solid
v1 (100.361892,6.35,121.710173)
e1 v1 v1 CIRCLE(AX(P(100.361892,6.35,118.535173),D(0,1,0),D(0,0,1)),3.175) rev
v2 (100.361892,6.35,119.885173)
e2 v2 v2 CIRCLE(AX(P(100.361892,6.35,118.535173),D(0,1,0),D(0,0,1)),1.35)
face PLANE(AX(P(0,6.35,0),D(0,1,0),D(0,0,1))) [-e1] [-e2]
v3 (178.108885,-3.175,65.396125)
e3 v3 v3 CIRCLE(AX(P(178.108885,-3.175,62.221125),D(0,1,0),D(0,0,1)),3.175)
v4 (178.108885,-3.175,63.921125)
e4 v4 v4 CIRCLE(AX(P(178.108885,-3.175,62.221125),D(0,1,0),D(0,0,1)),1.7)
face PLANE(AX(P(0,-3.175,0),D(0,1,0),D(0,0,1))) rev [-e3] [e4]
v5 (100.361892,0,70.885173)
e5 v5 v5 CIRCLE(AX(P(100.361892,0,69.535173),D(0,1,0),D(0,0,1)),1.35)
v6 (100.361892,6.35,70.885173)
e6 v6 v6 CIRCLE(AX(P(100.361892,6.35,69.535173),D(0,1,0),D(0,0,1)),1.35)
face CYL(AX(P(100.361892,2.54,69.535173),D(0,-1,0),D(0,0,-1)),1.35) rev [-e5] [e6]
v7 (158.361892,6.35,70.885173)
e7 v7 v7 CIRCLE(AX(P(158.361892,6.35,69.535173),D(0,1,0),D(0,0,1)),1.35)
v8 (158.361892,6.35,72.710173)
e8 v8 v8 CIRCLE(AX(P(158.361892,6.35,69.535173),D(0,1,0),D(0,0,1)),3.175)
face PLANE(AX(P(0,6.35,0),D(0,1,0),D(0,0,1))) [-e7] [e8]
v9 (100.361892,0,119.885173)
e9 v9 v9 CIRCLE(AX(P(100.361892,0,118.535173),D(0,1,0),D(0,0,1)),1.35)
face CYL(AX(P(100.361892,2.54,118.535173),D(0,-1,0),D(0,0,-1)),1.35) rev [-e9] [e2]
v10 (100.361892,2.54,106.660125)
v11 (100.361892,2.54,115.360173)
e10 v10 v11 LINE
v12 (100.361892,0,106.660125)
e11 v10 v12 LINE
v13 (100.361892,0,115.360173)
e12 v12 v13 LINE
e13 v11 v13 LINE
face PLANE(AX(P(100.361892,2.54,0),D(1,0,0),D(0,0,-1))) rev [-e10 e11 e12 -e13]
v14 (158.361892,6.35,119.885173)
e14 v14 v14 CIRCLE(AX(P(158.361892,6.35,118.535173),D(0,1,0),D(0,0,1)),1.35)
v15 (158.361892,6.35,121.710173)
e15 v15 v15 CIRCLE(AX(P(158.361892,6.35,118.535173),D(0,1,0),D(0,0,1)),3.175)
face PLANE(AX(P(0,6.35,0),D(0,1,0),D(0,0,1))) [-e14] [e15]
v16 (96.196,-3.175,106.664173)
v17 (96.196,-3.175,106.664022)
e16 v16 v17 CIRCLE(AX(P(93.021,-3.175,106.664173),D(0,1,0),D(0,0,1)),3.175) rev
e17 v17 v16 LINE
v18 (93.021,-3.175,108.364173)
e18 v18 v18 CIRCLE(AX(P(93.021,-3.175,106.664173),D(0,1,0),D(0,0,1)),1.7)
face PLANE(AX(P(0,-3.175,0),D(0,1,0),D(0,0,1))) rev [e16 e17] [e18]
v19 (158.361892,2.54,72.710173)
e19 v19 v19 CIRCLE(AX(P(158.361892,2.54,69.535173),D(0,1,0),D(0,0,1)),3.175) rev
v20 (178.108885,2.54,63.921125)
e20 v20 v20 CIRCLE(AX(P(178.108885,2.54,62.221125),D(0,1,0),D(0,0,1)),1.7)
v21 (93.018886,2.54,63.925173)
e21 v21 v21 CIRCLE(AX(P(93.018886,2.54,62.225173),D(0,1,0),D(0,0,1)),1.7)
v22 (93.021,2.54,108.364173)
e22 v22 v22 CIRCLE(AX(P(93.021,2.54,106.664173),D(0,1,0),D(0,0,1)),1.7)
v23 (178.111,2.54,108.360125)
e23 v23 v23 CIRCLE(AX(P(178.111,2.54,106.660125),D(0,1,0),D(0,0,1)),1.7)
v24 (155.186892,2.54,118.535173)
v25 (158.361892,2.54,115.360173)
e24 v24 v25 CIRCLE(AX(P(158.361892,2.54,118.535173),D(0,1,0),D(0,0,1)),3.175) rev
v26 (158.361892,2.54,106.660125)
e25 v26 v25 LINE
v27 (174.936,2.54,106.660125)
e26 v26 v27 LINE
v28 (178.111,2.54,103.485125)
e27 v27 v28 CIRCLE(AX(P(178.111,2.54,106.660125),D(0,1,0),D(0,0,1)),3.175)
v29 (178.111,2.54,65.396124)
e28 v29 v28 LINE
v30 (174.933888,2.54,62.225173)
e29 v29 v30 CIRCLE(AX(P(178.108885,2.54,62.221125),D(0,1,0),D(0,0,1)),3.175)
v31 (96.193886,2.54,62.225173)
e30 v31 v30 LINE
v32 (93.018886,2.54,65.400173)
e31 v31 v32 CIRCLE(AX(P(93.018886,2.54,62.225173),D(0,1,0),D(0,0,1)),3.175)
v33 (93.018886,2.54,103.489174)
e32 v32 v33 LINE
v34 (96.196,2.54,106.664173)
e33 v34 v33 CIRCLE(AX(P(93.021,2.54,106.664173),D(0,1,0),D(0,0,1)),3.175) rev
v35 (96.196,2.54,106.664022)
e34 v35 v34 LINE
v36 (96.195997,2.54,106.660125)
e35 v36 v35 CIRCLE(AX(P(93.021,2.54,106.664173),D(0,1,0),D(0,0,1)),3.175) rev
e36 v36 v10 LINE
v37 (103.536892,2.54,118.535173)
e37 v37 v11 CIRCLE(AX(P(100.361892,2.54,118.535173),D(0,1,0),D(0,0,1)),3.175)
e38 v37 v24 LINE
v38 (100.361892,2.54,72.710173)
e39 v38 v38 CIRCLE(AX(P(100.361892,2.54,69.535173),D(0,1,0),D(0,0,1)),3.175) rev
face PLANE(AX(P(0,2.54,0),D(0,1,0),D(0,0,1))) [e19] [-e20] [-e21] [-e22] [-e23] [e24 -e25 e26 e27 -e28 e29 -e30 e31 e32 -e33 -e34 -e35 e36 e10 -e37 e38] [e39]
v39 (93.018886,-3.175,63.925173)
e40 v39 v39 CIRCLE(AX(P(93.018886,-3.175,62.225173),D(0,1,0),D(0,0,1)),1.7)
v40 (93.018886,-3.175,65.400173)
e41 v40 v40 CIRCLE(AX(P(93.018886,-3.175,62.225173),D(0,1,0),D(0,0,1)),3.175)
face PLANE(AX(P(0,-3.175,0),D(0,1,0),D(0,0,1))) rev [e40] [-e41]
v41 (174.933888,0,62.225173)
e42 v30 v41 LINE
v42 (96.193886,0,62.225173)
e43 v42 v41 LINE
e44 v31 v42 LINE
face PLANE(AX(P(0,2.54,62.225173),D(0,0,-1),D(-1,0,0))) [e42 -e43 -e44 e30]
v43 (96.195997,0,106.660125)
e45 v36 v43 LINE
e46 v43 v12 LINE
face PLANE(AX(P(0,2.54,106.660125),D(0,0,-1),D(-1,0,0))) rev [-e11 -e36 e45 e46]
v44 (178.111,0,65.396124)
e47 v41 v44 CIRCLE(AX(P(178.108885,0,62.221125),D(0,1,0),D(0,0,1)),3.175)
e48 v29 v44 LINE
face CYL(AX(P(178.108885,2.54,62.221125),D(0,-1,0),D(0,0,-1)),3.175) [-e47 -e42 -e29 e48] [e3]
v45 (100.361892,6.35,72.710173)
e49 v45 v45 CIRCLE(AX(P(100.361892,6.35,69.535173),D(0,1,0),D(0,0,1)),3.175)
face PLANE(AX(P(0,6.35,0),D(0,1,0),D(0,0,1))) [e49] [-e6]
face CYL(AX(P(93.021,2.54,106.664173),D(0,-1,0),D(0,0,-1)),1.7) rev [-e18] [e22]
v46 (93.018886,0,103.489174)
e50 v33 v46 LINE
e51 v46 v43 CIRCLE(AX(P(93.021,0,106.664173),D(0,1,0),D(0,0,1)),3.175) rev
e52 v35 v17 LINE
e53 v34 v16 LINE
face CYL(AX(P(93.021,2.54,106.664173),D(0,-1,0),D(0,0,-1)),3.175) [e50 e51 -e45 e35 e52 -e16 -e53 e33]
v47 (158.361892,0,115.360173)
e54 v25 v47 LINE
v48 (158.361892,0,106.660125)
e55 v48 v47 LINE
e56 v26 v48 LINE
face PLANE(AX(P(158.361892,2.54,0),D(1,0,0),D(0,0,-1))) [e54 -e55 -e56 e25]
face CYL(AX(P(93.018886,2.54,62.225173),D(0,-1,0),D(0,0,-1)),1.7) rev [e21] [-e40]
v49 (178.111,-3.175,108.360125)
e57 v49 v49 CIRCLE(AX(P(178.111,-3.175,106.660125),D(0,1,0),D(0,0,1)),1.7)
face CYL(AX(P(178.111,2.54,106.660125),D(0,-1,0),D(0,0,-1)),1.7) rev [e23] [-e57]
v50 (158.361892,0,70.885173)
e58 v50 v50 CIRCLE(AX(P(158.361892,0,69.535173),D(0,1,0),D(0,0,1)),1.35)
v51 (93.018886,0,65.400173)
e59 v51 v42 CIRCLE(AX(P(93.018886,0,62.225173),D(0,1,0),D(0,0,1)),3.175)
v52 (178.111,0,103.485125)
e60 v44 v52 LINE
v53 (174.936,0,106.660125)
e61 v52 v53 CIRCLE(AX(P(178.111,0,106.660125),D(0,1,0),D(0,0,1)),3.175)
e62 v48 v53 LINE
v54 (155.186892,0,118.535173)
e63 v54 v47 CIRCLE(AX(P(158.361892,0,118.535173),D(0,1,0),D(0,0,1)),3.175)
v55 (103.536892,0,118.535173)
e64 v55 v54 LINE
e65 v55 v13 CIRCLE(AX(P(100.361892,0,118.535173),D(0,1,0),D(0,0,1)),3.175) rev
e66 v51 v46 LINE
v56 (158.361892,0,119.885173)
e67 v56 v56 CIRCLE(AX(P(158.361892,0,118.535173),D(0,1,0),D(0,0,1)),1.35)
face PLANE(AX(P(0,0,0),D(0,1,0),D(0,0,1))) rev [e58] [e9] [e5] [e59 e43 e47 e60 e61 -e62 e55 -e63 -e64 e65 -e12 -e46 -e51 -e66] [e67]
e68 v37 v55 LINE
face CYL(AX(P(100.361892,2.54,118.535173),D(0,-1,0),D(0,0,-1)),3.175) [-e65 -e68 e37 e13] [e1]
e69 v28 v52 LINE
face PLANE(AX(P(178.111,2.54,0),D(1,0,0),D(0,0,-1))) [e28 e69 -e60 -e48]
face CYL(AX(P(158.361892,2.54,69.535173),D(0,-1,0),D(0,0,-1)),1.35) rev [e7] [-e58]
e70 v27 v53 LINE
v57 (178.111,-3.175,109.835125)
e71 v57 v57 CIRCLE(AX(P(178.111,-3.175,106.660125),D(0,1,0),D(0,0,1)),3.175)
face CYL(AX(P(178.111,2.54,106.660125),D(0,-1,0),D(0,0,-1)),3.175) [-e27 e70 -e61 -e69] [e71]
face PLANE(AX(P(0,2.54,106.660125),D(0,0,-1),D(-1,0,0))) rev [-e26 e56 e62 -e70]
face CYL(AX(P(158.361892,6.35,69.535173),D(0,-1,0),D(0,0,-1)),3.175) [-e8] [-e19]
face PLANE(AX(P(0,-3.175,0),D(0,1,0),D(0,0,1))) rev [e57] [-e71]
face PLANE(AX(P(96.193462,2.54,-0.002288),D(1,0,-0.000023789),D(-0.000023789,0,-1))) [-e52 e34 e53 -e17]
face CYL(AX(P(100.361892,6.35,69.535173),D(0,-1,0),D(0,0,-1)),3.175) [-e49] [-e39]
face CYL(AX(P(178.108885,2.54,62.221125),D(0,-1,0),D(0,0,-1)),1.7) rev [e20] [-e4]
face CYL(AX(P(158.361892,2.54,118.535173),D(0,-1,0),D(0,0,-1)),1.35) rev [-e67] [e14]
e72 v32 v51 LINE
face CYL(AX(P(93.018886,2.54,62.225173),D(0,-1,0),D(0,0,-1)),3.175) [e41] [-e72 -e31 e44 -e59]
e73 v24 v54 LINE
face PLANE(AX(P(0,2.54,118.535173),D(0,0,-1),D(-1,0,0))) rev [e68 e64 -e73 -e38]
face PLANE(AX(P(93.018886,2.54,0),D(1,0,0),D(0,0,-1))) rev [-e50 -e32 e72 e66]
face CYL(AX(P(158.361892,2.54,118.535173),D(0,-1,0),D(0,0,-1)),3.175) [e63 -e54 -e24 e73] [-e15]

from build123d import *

# Parameters (mm, degrees)
SKETCH3_R           = 1.7
SKETCH3_R_2         = 1.35
BOSS_EXTRUDE2_DEPTH = 2.54
BOSS_EXTRUDE3_START = -3.175
SKETCH3_3_R         = 1.7
SKETCH3_3_R_2       = 3.175
BOSS_EXTRUDE3_DEPTH = 3.175
SKETCH3_4_R         = 3.175
SKETCH3_4_R_2       = 1.35
BOSS_EXTRUDE4_DEPTH = 6.35


with BuildPart() as part:
    # Sketch3 → Boss-Extrude2 (new body)
    with BuildSketch(Plane(origin=(0, 0, 0), x_dir=(1, 0, 0), z_dir=(0, 1, 0))):
        with BuildLine():
            Line((96.195997268, -106.660124546), (100.361892412, -106.660124546))
            Line((100.361892412, -106.660124546), (100.361892412, -115.360172993))
            ThreePointArc((100.361892412, -115.360172993), (98.116828382, -120.780237023), (103.536892412, -118.535172993))
            Line((103.536892412, -118.535172993), (155.186892412, -118.535172993))
            ThreePointArc((155.186892412, -118.535172993), (160.606956442, -120.780237023), (158.361892412, -115.360172993))
            Line((158.361892412, -115.360172993), (158.361892412, -106.660124546))
            Line((158.361892412, -106.660124546), (174.935999752, -106.660124546))
            ThreePointArc((174.935999752, -106.660124546), (180.356063783, -108.905188576), (178.110999752, -103.485124546))
            Line((178.110999752, -103.485124546), (178.110999752, -65.396123892))
            ThreePointArc((178.110999752, -65.396123892), (180.351769569, -59.973882777), (174.933888023, -62.225172993))
            Line((174.933888023, -62.225172993), (96.193885538, -62.225172993))
            ThreePointArc((96.193885538, -62.225172993), (90.773821508, -59.980108963), (93.018885538, -65.400172993))
            Line((93.018885538, -65.400172993), (93.018885538, -103.489173646))
            ThreePointArc((93.018885538, -103.489173646), (90.776683465, -108.90998437), (96.195999849, -106.664172943))
            Line((96.195999849, -106.664172943), (96.195999845, -106.664021883))
            ThreePointArc((96.195999845, -106.664021883), (96.195999154, -106.662073214), (96.195997268, -106.660124546))
        make_face()
        with Locations((93.020999849, -106.664172943)):
            Circle(SKETCH3_R, mode=Mode.SUBTRACT)
        with Locations((93.018885538, -62.225172993)):
            Circle(SKETCH3_R, mode=Mode.SUBTRACT)
        with Locations((178.108885442, -62.221124596)):
            Circle(SKETCH3_R, mode=Mode.SUBTRACT)
        with Locations((178.110999752, -106.660124546)):
            Circle(SKETCH3_R, mode=Mode.SUBTRACT)
        with Locations((158.361892412, -118.535172993)):
            Circle(SKETCH3_R_2, mode=Mode.SUBTRACT)
        with Locations((100.361892412, -118.535172993)):
            Circle(SKETCH3_R_2, mode=Mode.SUBTRACT)
        with Locations((100.361892412, -69.535172993)):
            Circle(SKETCH3_R_2, mode=Mode.SUBTRACT)
        with Locations((158.361892412, -69.535172993)):
            Circle(SKETCH3_R_2, mode=Mode.SUBTRACT)
    extrude(amount=BOSS_EXTRUDE2_DEPTH)

    # Sketch3<3> → Boss-Extrude3 (add)
    # profile 1 of 4: a face of its own
    with BuildSketch(Plane(origin=(0, 0, 0), x_dir=(1, 0, 0), z_dir=(0, 1, 0)).offset(BOSS_EXTRUDE3_START)):
        with BuildLine():
            ThreePointArc((96.195999845, -106.664021883), (89.84599985, -106.664248472), (96.195999849, -106.664172943))
            Line((96.195999849, -106.664172943), (96.195999845, -106.664021883))
        make_face()
        with Locations((93.020999849, -106.664172943)):
            Circle(SKETCH3_3_R, mode=Mode.SUBTRACT)
    # profile 2 of 4: a face of its own
    with BuildSketch(Plane(origin=(0, 0, 0), x_dir=(1, 0, 0), z_dir=(0, 1, 0)).offset(BOSS_EXTRUDE3_START)):
        with Locations((93.018885538, -62.225172993)):
            Circle(SKETCH3_3_R_2)
        with Locations((93.018885538, -62.225172993)):
            Circle(SKETCH3_3_R, mode=Mode.SUBTRACT)
    # profile 3 of 4: a face of its own
    with BuildSketch(Plane(origin=(0, 0, 0), x_dir=(1, 0, 0), z_dir=(0, 1, 0)).offset(BOSS_EXTRUDE3_START)):
        with Locations((178.108885442, -62.221124596)):
            Circle(SKETCH3_3_R_2)
        with Locations((178.108885442, -62.221124596)):
            Circle(SKETCH3_3_R, mode=Mode.SUBTRACT)
    # profile 4 of 4: a face of its own
    with BuildSketch(Plane(origin=(0, 0, 0), x_dir=(1, 0, 0), z_dir=(0, 1, 0)).offset(BOSS_EXTRUDE3_START)):
        with Locations((178.110999752, -106.660124546)):
            Circle(SKETCH3_3_R_2)
        with Locations((178.110999752, -106.660124546)):
            Circle(SKETCH3_3_R, mode=Mode.SUBTRACT)
    extrude(amount=BOSS_EXTRUDE3_DEPTH)

    # Sketch3<4> → Boss-Extrude4 (add)
    # profile 1 of 4: a face of its own
    with BuildSketch(Plane(origin=(0, 0, 0), x_dir=(1, 0, 0), z_dir=(0, 1, 0))):
        with Locations((100.361892412, -118.535172993)):
            Circle(SKETCH3_4_R)
        with Locations((100.361892412, -118.535172993)):
            Circle(SKETCH3_4_R_2, mode=Mode.SUBTRACT)
    # profile 2 of 4: a face of its own
    with BuildSketch(Plane(origin=(0, 0, 0), x_dir=(1, 0, 0), z_dir=(0, 1, 0))):
        with Locations((158.361892412, -118.535172993)):
            Circle(SKETCH3_4_R)
        with Locations((158.361892412, -118.535172993)):
            Circle(SKETCH3_4_R_2, mode=Mode.SUBTRACT)
    # profile 3 of 4: a face of its own
    with BuildSketch(Plane(origin=(0, 0, 0), x_dir=(1, 0, 0), z_dir=(0, 1, 0))):
        with Locations((100.361892412, -69.535172993)):
            Circle(SKETCH3_4_R)
        with Locations((100.361892412, -69.535172993)):
            Circle(SKETCH3_4_R_2, mode=Mode.SUBTRACT)
    # profile 4 of 4: a face of its own
    with BuildSketch(Plane(origin=(0, 0, 0), x_dir=(1, 0, 0), z_dir=(0, 1, 0))):
        with Locations((158.361892412, -69.535172993)):
            Circle(SKETCH3_4_R)
        with Locations((158.361892412, -69.535172993)):
            Circle(SKETCH3_4_R_2, mode=Mode.SUBTRACT)
    extrude(amount=BOSS_EXTRUDE4_DEPTH)


solid = part.part
